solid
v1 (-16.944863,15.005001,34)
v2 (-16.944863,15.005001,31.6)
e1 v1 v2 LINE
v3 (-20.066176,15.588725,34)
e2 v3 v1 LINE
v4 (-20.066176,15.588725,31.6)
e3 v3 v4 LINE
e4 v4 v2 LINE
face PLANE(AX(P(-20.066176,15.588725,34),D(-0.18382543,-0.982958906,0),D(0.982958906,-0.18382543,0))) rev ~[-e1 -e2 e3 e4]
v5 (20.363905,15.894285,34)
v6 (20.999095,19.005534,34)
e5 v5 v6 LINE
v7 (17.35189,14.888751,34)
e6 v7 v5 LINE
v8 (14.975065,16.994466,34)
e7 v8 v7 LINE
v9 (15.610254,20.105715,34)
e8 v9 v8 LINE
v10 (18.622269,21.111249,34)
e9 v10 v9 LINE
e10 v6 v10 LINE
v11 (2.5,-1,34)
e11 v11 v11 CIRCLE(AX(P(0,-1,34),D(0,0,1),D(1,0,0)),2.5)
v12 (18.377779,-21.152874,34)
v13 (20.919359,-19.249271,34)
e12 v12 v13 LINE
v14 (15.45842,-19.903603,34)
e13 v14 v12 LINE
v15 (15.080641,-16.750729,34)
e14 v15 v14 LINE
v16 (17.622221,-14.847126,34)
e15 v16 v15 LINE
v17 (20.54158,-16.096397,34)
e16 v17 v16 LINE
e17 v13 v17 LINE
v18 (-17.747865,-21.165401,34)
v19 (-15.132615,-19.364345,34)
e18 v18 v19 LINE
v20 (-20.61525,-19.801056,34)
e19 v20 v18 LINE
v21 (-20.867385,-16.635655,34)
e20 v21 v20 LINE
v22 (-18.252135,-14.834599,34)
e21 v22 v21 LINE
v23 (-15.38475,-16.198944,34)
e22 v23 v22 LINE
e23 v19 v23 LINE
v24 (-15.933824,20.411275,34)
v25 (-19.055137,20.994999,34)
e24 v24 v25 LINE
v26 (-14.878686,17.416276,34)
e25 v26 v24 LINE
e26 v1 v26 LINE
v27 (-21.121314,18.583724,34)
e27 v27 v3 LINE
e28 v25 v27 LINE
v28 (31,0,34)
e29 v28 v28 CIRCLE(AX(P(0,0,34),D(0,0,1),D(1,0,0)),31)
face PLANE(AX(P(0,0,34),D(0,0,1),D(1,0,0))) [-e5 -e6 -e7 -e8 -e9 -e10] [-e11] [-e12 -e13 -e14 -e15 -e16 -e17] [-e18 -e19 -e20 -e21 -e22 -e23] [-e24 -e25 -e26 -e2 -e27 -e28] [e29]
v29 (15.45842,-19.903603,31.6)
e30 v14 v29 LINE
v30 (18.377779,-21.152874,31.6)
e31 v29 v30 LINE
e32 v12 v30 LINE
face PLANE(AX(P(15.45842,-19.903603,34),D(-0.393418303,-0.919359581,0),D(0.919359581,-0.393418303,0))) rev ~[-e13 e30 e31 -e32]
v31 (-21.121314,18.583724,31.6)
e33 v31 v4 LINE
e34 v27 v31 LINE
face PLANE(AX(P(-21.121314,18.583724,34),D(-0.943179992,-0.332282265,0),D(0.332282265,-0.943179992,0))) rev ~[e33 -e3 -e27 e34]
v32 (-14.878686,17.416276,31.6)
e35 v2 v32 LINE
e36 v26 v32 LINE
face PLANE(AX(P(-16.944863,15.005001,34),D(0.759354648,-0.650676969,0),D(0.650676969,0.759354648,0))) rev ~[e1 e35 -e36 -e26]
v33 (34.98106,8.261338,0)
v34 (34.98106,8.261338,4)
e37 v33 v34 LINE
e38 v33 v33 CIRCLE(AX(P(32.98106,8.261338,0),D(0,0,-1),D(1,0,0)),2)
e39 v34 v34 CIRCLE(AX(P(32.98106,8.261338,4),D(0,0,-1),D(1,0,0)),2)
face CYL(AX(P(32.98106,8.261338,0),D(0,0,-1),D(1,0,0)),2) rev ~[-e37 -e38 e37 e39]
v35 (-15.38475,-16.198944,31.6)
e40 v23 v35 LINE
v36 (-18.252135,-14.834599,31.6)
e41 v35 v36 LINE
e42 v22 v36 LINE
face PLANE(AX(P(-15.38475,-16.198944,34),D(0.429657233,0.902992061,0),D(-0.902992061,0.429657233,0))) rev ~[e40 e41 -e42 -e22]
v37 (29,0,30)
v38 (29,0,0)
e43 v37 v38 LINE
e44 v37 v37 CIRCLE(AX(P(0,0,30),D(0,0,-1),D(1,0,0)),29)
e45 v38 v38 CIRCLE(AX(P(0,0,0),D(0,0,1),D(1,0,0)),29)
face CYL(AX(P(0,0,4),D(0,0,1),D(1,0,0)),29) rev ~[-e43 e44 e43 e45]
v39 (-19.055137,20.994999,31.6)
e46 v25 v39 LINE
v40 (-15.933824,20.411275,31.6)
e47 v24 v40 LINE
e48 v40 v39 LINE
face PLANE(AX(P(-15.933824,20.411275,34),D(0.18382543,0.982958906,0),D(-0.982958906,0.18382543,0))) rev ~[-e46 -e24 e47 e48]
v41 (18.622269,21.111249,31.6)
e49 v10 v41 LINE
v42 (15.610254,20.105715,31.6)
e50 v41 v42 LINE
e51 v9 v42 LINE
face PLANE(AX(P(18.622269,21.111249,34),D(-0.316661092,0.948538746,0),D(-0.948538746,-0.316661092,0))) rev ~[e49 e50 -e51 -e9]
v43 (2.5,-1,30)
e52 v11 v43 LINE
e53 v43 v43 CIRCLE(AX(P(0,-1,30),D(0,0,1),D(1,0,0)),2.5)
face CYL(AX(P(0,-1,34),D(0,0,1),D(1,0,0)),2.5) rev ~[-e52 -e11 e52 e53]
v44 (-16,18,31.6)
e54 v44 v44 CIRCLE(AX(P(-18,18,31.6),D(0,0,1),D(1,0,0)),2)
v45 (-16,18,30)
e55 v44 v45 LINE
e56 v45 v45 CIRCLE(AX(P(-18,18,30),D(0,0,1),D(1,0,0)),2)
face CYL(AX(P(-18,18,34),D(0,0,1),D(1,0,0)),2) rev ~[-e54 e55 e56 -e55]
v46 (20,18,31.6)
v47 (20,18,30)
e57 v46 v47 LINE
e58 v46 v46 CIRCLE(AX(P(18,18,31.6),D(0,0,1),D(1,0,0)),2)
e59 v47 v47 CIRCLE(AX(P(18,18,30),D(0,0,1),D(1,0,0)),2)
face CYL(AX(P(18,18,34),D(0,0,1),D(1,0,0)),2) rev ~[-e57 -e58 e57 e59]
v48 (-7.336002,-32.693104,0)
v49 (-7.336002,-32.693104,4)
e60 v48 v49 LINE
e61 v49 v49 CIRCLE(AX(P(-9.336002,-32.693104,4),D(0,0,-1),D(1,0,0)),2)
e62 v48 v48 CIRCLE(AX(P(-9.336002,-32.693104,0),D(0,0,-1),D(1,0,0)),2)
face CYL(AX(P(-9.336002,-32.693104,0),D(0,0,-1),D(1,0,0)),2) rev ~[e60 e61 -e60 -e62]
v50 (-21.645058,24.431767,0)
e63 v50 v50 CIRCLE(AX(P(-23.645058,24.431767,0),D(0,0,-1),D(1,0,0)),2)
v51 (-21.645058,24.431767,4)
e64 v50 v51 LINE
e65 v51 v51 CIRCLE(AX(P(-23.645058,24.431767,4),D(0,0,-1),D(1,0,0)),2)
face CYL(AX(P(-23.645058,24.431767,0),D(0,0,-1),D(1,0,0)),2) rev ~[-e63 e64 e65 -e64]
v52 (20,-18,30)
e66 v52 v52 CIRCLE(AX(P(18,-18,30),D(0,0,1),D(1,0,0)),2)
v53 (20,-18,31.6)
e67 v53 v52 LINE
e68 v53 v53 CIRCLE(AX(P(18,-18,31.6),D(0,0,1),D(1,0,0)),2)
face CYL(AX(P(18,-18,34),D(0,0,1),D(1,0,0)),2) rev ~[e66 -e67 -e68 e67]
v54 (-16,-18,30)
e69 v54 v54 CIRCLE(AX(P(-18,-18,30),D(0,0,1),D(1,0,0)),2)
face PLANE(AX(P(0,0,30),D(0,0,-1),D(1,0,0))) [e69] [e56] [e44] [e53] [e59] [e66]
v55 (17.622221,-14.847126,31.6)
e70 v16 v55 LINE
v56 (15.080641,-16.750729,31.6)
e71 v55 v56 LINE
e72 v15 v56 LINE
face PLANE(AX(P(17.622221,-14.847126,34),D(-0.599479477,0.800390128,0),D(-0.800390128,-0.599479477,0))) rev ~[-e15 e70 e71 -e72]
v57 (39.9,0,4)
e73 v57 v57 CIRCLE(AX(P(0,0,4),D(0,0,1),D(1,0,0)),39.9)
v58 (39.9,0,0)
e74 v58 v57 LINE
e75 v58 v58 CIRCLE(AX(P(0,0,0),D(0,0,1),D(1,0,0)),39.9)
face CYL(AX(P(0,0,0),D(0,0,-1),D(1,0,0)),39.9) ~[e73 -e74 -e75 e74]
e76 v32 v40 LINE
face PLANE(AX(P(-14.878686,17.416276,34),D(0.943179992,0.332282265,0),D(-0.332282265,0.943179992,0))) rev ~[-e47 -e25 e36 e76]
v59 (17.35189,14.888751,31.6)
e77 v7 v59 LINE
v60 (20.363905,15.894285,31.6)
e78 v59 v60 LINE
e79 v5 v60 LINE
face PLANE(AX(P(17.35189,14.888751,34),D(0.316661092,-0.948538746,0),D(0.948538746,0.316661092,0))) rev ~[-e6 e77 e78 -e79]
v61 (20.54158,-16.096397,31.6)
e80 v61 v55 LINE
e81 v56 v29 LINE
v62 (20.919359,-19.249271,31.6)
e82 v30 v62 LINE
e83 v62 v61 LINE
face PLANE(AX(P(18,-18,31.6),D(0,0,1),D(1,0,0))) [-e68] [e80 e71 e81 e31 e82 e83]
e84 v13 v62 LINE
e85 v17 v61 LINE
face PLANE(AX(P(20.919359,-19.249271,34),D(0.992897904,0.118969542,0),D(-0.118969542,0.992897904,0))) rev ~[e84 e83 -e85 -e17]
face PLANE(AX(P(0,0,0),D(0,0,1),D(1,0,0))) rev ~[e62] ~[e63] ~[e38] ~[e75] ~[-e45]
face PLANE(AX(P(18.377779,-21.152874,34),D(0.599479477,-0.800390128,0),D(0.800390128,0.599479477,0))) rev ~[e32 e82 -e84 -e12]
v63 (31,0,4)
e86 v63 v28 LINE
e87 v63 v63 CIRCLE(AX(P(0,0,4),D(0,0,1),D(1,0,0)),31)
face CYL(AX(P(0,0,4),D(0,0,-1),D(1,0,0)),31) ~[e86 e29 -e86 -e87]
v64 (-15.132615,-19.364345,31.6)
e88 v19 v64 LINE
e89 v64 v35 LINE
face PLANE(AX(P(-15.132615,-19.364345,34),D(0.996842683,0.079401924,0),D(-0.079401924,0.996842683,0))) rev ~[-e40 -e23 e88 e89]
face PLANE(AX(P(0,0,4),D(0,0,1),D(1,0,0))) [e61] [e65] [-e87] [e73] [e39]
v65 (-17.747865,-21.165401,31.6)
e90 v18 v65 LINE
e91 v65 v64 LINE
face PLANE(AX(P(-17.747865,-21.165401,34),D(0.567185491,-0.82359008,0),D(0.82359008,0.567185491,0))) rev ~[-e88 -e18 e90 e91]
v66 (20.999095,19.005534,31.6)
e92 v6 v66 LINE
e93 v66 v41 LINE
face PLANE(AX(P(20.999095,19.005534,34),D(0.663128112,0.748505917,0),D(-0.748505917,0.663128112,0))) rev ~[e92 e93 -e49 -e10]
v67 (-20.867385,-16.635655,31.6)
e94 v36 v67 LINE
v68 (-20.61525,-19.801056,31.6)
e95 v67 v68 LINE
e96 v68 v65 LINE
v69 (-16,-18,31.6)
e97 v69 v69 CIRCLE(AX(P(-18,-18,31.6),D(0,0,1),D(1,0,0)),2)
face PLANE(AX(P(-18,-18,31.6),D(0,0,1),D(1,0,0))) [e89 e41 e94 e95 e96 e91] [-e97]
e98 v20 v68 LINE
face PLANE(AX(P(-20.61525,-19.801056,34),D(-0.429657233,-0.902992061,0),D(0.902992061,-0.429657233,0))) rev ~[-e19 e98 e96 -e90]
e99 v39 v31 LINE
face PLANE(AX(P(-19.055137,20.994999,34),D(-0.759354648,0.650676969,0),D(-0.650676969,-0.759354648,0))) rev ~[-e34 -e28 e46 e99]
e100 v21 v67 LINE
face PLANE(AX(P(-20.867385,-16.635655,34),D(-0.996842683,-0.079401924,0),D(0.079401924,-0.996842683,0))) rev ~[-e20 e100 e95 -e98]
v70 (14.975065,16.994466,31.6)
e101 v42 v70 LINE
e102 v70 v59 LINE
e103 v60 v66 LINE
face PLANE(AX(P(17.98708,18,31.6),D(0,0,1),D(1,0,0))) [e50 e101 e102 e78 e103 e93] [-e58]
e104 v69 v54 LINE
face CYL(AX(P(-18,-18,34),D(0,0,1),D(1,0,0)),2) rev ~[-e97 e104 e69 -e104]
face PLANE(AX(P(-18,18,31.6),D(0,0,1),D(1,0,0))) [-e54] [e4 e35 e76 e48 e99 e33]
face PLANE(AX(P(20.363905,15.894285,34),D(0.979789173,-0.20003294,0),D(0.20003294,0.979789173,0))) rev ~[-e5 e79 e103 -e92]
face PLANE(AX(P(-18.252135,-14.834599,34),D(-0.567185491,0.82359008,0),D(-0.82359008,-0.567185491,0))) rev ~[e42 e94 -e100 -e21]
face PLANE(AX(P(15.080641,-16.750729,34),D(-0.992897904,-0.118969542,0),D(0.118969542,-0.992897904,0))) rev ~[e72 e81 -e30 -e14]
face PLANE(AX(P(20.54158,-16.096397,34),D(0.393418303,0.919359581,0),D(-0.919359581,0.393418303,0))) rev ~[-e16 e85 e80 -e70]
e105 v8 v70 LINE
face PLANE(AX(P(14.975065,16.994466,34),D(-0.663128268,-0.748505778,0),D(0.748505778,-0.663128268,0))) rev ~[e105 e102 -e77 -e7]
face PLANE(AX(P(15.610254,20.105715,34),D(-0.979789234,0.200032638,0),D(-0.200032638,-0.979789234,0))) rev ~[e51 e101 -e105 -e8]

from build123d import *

# Parameters (mm, degrees)
F0_R      = 39.9
F1_DEPTH  = 4
F2_R      = 29
F3_DEPTH  = 4
F4_R      = 31
F5_DEPTH  = 30
F5_FACE_R = 29
F6_DEPTH  = 26
F8_R      = 2
F9_DEPTH  = 4
F11_R     = 2
F12_DEPTH = 4
F13_R     = 2.5
F14_DEPTH = 4
F16_DEPTH = 2.4


with BuildPart() as f1:
    # F0 (on Top) → F1 (new body)
    with BuildSketch(Plane.XY):
        Circle(F0_R)
    extrude(amount=F1_DEPTH)

    # F2 (on face) → F3 (cut)
    with BuildSketch(Plane.XY.offset(4)):
        Circle(F2_R)
    extrude(amount=-F3_DEPTH, mode=Mode.SUBTRACT)

    # F4 (on face) → F5 (join)
    with BuildSketch(Plane.XY.offset(4)):
        Circle(F4_R)
    extrude(amount=F5_DEPTH)

    # F5_face (on face) → F6 (cut)
    with BuildSketch(Plane(origin=(0, 0, 4), x_dir=(1, 0, 0), z_dir=(0, 0, -1))):
        Circle(F5_FACE_R)
    extrude(amount=-F6_DEPTH, mode=Mode.SUBTRACT)

    # F8 (on face) → F9 (cut)
    with BuildSketch(Plane(origin=(0, 0, 0), x_dir=(1, 0, 0), z_dir=(0, 0, -1))):
        with Locations((-23.645058, -24.431767)):
            Circle(F8_R)
        with Locations((-9.336002, 32.693104)):
            Circle(F8_R)
        with Locations((32.98106, -8.261338)):
            Circle(F8_R)
    extrude(amount=-F9_DEPTH, mode=Mode.SUBTRACT)

    # F11 (on face) → F12 (cut)
    with BuildSketch(Plane.XY.offset(34)):
        with Locations((18, 18)):
            Circle(F11_R)
        with Locations((-18, 18)):
            Circle(F11_R)
        with Locations((-18, -18)):
            Circle(F11_R)
        with Locations((18, -18)):
            Circle(F11_R)
    extrude(amount=-F12_DEPTH, mode=Mode.SUBTRACT)

    # F13 (on face) → F14 (cut)
    with BuildSketch(Plane.XY.offset(34)):
        with Locations((0, -1)):
            Circle(F13_R)
    extrude(amount=-F14_DEPTH, mode=Mode.SUBTRACT)

    # F15 (on face) → F16 (cut)
    with BuildSketch(Plane.XY.offset(34)):
        Polygon((15.45842, -19.903603), (18.377779, -21.152874), (20.919359, -19.249271), (20.54158, -16.096397), (17.622221, -14.847126), (15.080641, -16.750729), align=None)
        Polygon((-20.61525, -19.801056), (-17.747865, -21.165401), (-15.132615, -19.364345), (-15.38475, -16.198944), (-18.252135, -14.834599), (-20.867385, -16.635655), align=None)
        Polygon((14.975065, 16.994466), (17.35189, 14.888751), (20.363905, 15.894285), (20.999095, 19.005534), (18.622269, 21.111249), (15.610254, 20.105715), align=None)
        Polygon((-20.066176, 15.588725), (-16.944863, 15.005001), (-14.878686, 17.416276), (-15.933824, 20.411275), (-19.055137, 20.994999), (-21.121314, 18.583724), align=None)
    extrude(amount=-F16_DEPTH, mode=Mode.SUBTRACT)


solid = f1.part
